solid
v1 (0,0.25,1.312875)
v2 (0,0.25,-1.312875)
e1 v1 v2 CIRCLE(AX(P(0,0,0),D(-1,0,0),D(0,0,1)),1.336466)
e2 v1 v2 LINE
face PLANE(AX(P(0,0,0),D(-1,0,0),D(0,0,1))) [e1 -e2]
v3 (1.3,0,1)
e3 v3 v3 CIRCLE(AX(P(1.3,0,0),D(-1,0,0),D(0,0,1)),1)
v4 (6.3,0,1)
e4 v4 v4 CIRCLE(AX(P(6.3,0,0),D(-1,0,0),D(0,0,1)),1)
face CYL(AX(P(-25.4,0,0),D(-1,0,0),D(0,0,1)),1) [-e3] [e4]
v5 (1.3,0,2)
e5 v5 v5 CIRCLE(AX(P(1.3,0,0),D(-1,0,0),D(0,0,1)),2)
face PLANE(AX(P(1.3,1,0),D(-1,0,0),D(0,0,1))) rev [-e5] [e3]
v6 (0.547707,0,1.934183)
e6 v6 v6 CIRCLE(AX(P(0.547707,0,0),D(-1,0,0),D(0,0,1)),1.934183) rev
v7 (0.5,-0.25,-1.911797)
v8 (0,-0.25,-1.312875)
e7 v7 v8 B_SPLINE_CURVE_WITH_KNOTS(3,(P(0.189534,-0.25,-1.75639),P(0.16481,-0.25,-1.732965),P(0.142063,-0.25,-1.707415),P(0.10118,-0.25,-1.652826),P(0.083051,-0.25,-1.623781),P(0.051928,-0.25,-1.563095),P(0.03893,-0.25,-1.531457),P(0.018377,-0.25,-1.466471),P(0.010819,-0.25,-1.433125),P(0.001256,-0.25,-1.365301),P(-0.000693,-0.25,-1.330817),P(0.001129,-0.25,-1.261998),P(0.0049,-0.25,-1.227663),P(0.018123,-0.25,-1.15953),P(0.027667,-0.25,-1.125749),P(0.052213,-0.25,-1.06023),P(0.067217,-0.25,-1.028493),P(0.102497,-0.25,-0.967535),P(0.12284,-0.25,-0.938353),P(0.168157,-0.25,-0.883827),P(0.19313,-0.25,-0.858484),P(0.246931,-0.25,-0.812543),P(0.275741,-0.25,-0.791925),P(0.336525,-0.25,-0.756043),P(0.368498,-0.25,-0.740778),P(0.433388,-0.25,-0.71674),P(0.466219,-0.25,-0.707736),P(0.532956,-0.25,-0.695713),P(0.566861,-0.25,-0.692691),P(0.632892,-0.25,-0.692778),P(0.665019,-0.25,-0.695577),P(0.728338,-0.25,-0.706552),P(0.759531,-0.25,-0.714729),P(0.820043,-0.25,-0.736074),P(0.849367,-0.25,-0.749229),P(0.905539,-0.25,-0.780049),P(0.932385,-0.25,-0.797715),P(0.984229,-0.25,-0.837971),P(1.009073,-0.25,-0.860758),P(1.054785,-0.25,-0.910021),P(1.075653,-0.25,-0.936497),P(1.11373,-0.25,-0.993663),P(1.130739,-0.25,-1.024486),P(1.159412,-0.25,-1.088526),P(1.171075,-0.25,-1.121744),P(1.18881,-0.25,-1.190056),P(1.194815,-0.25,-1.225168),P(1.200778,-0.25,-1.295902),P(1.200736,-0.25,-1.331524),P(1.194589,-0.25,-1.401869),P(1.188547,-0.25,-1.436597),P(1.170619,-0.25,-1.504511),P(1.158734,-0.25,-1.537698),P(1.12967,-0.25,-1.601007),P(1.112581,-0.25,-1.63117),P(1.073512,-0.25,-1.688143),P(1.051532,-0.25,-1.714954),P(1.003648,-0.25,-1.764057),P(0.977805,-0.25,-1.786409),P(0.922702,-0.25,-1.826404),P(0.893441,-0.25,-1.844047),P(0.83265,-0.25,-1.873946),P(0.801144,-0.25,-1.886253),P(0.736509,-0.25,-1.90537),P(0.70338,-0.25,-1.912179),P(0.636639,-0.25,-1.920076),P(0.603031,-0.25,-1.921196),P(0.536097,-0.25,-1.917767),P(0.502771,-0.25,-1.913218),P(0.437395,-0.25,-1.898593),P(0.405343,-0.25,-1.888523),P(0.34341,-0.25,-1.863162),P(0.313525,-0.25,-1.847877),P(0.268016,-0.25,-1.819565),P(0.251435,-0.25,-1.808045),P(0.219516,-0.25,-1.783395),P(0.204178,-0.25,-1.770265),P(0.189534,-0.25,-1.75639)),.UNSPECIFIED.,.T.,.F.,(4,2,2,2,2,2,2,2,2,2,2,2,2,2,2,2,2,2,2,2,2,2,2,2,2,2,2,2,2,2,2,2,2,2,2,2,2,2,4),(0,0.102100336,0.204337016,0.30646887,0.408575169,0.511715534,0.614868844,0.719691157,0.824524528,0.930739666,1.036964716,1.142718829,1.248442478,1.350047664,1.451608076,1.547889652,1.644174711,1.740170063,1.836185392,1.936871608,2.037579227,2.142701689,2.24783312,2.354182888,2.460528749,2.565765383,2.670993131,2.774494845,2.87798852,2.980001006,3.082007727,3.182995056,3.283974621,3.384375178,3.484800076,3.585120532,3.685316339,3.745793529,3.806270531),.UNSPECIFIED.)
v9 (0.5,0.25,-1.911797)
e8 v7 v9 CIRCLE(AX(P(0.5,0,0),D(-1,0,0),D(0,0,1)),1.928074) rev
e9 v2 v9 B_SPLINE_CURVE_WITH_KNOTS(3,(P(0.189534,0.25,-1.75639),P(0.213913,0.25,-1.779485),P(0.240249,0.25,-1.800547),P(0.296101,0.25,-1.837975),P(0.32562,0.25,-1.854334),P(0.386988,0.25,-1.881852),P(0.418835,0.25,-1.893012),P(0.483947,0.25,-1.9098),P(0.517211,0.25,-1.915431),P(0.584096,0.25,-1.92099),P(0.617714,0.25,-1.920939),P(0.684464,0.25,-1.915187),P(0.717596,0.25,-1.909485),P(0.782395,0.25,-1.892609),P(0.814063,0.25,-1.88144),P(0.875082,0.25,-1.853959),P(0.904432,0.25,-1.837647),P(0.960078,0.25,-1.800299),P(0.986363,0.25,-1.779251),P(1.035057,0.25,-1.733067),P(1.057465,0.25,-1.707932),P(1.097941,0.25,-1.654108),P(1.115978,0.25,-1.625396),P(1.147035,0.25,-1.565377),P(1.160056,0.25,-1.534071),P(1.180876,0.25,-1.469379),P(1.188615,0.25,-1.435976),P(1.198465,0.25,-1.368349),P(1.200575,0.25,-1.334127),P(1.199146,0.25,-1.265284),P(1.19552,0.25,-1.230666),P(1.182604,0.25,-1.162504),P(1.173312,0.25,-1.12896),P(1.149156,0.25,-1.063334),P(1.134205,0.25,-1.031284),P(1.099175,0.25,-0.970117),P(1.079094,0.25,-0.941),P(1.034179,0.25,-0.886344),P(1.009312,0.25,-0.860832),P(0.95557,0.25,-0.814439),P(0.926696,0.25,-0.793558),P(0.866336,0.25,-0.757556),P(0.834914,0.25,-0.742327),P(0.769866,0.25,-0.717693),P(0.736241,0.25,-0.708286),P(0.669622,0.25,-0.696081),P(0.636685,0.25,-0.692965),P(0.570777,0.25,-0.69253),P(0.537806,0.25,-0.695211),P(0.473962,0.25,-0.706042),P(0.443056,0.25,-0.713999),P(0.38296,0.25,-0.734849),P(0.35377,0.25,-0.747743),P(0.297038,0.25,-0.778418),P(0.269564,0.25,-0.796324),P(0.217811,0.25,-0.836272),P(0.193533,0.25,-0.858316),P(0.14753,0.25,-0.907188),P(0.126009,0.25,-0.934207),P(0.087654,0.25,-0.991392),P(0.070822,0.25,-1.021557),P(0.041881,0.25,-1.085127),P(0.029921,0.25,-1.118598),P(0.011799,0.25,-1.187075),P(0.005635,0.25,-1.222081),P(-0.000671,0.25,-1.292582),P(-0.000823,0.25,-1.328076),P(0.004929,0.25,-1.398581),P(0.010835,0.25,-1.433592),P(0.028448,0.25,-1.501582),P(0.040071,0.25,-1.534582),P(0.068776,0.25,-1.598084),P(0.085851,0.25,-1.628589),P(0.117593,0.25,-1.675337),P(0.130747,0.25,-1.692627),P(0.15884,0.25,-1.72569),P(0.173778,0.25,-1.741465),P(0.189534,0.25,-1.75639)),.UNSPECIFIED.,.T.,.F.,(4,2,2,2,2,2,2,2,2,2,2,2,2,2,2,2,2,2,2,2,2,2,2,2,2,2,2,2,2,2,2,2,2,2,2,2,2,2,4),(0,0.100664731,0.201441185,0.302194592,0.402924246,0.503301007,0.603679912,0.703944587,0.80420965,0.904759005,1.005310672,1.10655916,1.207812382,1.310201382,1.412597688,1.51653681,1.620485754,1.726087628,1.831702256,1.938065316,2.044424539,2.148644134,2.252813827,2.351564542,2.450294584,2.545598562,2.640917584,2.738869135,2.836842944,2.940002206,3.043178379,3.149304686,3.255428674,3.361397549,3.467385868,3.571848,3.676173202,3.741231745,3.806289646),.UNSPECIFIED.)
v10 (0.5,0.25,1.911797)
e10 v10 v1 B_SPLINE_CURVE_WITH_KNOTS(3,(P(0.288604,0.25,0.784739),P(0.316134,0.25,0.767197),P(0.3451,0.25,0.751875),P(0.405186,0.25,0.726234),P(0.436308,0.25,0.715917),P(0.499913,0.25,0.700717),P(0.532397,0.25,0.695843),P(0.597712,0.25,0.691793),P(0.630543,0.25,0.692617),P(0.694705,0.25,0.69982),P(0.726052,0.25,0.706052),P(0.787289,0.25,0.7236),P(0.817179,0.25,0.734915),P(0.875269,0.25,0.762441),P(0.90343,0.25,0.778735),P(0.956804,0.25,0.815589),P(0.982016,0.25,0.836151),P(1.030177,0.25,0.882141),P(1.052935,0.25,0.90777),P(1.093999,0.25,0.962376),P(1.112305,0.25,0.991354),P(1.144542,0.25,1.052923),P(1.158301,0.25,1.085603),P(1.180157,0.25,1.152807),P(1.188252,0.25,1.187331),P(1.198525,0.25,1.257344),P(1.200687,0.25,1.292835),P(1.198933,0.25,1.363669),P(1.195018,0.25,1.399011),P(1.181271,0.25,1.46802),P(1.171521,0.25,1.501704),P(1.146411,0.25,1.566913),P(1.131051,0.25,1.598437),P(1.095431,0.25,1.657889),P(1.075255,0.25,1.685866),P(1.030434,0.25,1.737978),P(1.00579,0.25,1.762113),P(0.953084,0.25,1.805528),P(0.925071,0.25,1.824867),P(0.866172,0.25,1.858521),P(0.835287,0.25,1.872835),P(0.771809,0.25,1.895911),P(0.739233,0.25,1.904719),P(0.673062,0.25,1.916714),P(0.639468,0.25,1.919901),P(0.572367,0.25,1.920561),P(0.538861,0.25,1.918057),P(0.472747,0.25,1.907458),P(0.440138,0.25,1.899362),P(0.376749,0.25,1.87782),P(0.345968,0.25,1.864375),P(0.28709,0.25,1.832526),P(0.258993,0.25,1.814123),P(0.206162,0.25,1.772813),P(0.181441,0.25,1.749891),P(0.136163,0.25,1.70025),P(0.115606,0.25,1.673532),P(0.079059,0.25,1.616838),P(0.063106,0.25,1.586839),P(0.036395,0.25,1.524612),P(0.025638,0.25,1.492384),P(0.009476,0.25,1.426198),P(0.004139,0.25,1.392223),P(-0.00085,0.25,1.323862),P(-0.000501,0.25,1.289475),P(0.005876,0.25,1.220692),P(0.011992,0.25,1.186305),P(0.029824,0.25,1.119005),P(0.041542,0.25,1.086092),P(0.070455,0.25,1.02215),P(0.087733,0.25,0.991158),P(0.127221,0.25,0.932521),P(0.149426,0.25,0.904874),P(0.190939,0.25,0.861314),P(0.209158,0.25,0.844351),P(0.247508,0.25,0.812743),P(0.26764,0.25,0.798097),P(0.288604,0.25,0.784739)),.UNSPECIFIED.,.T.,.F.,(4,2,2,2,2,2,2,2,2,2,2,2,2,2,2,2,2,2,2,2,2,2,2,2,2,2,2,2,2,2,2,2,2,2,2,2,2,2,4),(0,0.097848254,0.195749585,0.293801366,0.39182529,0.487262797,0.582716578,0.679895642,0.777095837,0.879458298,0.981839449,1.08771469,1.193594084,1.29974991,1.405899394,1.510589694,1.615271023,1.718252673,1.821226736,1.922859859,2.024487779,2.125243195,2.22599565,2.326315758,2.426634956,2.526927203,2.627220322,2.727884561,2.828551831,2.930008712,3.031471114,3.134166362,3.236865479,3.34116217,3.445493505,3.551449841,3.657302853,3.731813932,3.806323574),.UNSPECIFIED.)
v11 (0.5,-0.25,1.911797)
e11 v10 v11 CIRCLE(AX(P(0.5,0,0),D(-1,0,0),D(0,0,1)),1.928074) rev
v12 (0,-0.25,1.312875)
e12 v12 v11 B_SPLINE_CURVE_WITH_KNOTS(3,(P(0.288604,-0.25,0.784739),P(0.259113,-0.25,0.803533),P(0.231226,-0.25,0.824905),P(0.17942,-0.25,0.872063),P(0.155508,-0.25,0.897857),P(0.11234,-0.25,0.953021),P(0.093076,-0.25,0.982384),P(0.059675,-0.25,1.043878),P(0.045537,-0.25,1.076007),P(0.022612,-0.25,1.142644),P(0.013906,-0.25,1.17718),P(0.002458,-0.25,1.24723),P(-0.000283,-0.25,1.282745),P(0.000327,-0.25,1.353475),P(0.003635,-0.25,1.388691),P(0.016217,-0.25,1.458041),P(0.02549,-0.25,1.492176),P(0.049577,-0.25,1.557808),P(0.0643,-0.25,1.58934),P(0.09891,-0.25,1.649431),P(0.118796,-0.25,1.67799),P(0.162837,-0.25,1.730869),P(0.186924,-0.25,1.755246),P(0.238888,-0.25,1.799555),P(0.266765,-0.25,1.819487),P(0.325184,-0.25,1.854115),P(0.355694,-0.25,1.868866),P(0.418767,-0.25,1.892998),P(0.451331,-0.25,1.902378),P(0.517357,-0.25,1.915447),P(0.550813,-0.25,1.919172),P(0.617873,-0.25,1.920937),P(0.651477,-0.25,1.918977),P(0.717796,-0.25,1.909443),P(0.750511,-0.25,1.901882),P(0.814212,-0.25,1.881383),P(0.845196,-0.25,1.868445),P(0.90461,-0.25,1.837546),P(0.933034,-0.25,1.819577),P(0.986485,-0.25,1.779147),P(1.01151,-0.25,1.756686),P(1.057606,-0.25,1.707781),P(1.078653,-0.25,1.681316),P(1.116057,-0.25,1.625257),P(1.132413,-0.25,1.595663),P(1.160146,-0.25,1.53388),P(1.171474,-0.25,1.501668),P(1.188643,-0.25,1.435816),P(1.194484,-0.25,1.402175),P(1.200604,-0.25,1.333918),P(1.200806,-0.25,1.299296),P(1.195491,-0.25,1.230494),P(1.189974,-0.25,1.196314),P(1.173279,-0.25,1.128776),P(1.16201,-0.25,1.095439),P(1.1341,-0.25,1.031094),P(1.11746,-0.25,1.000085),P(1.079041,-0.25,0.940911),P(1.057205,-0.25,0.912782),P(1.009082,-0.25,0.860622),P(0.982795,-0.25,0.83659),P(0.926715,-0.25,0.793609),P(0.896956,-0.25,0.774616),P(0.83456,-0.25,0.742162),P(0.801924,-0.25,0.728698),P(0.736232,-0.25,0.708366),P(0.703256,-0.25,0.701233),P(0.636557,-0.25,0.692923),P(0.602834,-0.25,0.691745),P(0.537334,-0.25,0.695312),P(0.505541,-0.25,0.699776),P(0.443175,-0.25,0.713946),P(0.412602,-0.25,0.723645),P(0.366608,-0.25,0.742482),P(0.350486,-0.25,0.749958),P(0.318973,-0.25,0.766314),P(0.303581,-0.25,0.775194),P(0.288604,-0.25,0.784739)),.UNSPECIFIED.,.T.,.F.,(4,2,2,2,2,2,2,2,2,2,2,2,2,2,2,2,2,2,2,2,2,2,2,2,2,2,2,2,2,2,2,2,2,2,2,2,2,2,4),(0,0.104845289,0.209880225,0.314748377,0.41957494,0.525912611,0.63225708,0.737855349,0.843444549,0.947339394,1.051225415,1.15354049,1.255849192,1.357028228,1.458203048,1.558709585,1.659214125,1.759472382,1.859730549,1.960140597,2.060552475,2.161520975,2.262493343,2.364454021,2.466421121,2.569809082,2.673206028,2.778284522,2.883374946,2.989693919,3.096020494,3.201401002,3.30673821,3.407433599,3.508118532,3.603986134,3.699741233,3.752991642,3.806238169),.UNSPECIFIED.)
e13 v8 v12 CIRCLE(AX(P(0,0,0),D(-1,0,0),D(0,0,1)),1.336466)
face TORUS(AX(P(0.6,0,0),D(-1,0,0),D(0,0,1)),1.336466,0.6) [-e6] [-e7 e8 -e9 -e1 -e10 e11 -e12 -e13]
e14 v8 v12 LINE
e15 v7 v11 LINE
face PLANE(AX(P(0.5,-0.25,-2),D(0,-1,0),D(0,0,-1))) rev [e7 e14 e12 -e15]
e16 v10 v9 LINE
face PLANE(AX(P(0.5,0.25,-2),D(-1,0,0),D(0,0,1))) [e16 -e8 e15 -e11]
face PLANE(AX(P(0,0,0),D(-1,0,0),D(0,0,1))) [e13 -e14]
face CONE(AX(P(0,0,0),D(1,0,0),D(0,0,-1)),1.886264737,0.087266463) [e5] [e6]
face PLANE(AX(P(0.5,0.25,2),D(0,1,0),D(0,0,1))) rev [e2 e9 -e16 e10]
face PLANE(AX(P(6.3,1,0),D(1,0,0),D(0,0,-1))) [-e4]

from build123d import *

# Parameters (mm, degrees)
FILLET2_R  = 0.6
SKETCH2_W  = 4
SKETCH2_H  = 0.5
SLOT_DEPTH = 0.5


with BuildPart() as part:
    # BodySke → Base-Revolve (revolve)
    with BuildSketch(Plane.XY, mode=Mode.PRIVATE) as base_revolve_sk:
        Polygon((1.3, 1), (1.3, 2), (0, 1.886264737), (0, 0), (6.3, 0), (6.3, 1), align=None)
    revolve(base_revolve_sk.sketch.rotate(Axis((-25.4, 0, 0), (1, 0, 0)), 90), axis=Axis((-25.4, 0, 0), (1, 0, 0)))  # turned: the seam where the file's is

    # Fillet2
    fillet2_edges = [part.edges().sort_by_distance(p)[0] for p in [
        (0, 0, -1.886264737),
    ]]
    fillet(fillet2_edges, radius=FILLET2_R)

    # Sketch2 → Slot (cut)
    with BuildSketch(Plane(origin=(0, 0, 0), x_dir=(0, 0, -1), z_dir=(1, 0, 0))):
        Rectangle(SKETCH2_W, SKETCH2_H)
    extrude(amount=SLOT_DEPTH, mode=Mode.SUBTRACT)


solid = part.part
